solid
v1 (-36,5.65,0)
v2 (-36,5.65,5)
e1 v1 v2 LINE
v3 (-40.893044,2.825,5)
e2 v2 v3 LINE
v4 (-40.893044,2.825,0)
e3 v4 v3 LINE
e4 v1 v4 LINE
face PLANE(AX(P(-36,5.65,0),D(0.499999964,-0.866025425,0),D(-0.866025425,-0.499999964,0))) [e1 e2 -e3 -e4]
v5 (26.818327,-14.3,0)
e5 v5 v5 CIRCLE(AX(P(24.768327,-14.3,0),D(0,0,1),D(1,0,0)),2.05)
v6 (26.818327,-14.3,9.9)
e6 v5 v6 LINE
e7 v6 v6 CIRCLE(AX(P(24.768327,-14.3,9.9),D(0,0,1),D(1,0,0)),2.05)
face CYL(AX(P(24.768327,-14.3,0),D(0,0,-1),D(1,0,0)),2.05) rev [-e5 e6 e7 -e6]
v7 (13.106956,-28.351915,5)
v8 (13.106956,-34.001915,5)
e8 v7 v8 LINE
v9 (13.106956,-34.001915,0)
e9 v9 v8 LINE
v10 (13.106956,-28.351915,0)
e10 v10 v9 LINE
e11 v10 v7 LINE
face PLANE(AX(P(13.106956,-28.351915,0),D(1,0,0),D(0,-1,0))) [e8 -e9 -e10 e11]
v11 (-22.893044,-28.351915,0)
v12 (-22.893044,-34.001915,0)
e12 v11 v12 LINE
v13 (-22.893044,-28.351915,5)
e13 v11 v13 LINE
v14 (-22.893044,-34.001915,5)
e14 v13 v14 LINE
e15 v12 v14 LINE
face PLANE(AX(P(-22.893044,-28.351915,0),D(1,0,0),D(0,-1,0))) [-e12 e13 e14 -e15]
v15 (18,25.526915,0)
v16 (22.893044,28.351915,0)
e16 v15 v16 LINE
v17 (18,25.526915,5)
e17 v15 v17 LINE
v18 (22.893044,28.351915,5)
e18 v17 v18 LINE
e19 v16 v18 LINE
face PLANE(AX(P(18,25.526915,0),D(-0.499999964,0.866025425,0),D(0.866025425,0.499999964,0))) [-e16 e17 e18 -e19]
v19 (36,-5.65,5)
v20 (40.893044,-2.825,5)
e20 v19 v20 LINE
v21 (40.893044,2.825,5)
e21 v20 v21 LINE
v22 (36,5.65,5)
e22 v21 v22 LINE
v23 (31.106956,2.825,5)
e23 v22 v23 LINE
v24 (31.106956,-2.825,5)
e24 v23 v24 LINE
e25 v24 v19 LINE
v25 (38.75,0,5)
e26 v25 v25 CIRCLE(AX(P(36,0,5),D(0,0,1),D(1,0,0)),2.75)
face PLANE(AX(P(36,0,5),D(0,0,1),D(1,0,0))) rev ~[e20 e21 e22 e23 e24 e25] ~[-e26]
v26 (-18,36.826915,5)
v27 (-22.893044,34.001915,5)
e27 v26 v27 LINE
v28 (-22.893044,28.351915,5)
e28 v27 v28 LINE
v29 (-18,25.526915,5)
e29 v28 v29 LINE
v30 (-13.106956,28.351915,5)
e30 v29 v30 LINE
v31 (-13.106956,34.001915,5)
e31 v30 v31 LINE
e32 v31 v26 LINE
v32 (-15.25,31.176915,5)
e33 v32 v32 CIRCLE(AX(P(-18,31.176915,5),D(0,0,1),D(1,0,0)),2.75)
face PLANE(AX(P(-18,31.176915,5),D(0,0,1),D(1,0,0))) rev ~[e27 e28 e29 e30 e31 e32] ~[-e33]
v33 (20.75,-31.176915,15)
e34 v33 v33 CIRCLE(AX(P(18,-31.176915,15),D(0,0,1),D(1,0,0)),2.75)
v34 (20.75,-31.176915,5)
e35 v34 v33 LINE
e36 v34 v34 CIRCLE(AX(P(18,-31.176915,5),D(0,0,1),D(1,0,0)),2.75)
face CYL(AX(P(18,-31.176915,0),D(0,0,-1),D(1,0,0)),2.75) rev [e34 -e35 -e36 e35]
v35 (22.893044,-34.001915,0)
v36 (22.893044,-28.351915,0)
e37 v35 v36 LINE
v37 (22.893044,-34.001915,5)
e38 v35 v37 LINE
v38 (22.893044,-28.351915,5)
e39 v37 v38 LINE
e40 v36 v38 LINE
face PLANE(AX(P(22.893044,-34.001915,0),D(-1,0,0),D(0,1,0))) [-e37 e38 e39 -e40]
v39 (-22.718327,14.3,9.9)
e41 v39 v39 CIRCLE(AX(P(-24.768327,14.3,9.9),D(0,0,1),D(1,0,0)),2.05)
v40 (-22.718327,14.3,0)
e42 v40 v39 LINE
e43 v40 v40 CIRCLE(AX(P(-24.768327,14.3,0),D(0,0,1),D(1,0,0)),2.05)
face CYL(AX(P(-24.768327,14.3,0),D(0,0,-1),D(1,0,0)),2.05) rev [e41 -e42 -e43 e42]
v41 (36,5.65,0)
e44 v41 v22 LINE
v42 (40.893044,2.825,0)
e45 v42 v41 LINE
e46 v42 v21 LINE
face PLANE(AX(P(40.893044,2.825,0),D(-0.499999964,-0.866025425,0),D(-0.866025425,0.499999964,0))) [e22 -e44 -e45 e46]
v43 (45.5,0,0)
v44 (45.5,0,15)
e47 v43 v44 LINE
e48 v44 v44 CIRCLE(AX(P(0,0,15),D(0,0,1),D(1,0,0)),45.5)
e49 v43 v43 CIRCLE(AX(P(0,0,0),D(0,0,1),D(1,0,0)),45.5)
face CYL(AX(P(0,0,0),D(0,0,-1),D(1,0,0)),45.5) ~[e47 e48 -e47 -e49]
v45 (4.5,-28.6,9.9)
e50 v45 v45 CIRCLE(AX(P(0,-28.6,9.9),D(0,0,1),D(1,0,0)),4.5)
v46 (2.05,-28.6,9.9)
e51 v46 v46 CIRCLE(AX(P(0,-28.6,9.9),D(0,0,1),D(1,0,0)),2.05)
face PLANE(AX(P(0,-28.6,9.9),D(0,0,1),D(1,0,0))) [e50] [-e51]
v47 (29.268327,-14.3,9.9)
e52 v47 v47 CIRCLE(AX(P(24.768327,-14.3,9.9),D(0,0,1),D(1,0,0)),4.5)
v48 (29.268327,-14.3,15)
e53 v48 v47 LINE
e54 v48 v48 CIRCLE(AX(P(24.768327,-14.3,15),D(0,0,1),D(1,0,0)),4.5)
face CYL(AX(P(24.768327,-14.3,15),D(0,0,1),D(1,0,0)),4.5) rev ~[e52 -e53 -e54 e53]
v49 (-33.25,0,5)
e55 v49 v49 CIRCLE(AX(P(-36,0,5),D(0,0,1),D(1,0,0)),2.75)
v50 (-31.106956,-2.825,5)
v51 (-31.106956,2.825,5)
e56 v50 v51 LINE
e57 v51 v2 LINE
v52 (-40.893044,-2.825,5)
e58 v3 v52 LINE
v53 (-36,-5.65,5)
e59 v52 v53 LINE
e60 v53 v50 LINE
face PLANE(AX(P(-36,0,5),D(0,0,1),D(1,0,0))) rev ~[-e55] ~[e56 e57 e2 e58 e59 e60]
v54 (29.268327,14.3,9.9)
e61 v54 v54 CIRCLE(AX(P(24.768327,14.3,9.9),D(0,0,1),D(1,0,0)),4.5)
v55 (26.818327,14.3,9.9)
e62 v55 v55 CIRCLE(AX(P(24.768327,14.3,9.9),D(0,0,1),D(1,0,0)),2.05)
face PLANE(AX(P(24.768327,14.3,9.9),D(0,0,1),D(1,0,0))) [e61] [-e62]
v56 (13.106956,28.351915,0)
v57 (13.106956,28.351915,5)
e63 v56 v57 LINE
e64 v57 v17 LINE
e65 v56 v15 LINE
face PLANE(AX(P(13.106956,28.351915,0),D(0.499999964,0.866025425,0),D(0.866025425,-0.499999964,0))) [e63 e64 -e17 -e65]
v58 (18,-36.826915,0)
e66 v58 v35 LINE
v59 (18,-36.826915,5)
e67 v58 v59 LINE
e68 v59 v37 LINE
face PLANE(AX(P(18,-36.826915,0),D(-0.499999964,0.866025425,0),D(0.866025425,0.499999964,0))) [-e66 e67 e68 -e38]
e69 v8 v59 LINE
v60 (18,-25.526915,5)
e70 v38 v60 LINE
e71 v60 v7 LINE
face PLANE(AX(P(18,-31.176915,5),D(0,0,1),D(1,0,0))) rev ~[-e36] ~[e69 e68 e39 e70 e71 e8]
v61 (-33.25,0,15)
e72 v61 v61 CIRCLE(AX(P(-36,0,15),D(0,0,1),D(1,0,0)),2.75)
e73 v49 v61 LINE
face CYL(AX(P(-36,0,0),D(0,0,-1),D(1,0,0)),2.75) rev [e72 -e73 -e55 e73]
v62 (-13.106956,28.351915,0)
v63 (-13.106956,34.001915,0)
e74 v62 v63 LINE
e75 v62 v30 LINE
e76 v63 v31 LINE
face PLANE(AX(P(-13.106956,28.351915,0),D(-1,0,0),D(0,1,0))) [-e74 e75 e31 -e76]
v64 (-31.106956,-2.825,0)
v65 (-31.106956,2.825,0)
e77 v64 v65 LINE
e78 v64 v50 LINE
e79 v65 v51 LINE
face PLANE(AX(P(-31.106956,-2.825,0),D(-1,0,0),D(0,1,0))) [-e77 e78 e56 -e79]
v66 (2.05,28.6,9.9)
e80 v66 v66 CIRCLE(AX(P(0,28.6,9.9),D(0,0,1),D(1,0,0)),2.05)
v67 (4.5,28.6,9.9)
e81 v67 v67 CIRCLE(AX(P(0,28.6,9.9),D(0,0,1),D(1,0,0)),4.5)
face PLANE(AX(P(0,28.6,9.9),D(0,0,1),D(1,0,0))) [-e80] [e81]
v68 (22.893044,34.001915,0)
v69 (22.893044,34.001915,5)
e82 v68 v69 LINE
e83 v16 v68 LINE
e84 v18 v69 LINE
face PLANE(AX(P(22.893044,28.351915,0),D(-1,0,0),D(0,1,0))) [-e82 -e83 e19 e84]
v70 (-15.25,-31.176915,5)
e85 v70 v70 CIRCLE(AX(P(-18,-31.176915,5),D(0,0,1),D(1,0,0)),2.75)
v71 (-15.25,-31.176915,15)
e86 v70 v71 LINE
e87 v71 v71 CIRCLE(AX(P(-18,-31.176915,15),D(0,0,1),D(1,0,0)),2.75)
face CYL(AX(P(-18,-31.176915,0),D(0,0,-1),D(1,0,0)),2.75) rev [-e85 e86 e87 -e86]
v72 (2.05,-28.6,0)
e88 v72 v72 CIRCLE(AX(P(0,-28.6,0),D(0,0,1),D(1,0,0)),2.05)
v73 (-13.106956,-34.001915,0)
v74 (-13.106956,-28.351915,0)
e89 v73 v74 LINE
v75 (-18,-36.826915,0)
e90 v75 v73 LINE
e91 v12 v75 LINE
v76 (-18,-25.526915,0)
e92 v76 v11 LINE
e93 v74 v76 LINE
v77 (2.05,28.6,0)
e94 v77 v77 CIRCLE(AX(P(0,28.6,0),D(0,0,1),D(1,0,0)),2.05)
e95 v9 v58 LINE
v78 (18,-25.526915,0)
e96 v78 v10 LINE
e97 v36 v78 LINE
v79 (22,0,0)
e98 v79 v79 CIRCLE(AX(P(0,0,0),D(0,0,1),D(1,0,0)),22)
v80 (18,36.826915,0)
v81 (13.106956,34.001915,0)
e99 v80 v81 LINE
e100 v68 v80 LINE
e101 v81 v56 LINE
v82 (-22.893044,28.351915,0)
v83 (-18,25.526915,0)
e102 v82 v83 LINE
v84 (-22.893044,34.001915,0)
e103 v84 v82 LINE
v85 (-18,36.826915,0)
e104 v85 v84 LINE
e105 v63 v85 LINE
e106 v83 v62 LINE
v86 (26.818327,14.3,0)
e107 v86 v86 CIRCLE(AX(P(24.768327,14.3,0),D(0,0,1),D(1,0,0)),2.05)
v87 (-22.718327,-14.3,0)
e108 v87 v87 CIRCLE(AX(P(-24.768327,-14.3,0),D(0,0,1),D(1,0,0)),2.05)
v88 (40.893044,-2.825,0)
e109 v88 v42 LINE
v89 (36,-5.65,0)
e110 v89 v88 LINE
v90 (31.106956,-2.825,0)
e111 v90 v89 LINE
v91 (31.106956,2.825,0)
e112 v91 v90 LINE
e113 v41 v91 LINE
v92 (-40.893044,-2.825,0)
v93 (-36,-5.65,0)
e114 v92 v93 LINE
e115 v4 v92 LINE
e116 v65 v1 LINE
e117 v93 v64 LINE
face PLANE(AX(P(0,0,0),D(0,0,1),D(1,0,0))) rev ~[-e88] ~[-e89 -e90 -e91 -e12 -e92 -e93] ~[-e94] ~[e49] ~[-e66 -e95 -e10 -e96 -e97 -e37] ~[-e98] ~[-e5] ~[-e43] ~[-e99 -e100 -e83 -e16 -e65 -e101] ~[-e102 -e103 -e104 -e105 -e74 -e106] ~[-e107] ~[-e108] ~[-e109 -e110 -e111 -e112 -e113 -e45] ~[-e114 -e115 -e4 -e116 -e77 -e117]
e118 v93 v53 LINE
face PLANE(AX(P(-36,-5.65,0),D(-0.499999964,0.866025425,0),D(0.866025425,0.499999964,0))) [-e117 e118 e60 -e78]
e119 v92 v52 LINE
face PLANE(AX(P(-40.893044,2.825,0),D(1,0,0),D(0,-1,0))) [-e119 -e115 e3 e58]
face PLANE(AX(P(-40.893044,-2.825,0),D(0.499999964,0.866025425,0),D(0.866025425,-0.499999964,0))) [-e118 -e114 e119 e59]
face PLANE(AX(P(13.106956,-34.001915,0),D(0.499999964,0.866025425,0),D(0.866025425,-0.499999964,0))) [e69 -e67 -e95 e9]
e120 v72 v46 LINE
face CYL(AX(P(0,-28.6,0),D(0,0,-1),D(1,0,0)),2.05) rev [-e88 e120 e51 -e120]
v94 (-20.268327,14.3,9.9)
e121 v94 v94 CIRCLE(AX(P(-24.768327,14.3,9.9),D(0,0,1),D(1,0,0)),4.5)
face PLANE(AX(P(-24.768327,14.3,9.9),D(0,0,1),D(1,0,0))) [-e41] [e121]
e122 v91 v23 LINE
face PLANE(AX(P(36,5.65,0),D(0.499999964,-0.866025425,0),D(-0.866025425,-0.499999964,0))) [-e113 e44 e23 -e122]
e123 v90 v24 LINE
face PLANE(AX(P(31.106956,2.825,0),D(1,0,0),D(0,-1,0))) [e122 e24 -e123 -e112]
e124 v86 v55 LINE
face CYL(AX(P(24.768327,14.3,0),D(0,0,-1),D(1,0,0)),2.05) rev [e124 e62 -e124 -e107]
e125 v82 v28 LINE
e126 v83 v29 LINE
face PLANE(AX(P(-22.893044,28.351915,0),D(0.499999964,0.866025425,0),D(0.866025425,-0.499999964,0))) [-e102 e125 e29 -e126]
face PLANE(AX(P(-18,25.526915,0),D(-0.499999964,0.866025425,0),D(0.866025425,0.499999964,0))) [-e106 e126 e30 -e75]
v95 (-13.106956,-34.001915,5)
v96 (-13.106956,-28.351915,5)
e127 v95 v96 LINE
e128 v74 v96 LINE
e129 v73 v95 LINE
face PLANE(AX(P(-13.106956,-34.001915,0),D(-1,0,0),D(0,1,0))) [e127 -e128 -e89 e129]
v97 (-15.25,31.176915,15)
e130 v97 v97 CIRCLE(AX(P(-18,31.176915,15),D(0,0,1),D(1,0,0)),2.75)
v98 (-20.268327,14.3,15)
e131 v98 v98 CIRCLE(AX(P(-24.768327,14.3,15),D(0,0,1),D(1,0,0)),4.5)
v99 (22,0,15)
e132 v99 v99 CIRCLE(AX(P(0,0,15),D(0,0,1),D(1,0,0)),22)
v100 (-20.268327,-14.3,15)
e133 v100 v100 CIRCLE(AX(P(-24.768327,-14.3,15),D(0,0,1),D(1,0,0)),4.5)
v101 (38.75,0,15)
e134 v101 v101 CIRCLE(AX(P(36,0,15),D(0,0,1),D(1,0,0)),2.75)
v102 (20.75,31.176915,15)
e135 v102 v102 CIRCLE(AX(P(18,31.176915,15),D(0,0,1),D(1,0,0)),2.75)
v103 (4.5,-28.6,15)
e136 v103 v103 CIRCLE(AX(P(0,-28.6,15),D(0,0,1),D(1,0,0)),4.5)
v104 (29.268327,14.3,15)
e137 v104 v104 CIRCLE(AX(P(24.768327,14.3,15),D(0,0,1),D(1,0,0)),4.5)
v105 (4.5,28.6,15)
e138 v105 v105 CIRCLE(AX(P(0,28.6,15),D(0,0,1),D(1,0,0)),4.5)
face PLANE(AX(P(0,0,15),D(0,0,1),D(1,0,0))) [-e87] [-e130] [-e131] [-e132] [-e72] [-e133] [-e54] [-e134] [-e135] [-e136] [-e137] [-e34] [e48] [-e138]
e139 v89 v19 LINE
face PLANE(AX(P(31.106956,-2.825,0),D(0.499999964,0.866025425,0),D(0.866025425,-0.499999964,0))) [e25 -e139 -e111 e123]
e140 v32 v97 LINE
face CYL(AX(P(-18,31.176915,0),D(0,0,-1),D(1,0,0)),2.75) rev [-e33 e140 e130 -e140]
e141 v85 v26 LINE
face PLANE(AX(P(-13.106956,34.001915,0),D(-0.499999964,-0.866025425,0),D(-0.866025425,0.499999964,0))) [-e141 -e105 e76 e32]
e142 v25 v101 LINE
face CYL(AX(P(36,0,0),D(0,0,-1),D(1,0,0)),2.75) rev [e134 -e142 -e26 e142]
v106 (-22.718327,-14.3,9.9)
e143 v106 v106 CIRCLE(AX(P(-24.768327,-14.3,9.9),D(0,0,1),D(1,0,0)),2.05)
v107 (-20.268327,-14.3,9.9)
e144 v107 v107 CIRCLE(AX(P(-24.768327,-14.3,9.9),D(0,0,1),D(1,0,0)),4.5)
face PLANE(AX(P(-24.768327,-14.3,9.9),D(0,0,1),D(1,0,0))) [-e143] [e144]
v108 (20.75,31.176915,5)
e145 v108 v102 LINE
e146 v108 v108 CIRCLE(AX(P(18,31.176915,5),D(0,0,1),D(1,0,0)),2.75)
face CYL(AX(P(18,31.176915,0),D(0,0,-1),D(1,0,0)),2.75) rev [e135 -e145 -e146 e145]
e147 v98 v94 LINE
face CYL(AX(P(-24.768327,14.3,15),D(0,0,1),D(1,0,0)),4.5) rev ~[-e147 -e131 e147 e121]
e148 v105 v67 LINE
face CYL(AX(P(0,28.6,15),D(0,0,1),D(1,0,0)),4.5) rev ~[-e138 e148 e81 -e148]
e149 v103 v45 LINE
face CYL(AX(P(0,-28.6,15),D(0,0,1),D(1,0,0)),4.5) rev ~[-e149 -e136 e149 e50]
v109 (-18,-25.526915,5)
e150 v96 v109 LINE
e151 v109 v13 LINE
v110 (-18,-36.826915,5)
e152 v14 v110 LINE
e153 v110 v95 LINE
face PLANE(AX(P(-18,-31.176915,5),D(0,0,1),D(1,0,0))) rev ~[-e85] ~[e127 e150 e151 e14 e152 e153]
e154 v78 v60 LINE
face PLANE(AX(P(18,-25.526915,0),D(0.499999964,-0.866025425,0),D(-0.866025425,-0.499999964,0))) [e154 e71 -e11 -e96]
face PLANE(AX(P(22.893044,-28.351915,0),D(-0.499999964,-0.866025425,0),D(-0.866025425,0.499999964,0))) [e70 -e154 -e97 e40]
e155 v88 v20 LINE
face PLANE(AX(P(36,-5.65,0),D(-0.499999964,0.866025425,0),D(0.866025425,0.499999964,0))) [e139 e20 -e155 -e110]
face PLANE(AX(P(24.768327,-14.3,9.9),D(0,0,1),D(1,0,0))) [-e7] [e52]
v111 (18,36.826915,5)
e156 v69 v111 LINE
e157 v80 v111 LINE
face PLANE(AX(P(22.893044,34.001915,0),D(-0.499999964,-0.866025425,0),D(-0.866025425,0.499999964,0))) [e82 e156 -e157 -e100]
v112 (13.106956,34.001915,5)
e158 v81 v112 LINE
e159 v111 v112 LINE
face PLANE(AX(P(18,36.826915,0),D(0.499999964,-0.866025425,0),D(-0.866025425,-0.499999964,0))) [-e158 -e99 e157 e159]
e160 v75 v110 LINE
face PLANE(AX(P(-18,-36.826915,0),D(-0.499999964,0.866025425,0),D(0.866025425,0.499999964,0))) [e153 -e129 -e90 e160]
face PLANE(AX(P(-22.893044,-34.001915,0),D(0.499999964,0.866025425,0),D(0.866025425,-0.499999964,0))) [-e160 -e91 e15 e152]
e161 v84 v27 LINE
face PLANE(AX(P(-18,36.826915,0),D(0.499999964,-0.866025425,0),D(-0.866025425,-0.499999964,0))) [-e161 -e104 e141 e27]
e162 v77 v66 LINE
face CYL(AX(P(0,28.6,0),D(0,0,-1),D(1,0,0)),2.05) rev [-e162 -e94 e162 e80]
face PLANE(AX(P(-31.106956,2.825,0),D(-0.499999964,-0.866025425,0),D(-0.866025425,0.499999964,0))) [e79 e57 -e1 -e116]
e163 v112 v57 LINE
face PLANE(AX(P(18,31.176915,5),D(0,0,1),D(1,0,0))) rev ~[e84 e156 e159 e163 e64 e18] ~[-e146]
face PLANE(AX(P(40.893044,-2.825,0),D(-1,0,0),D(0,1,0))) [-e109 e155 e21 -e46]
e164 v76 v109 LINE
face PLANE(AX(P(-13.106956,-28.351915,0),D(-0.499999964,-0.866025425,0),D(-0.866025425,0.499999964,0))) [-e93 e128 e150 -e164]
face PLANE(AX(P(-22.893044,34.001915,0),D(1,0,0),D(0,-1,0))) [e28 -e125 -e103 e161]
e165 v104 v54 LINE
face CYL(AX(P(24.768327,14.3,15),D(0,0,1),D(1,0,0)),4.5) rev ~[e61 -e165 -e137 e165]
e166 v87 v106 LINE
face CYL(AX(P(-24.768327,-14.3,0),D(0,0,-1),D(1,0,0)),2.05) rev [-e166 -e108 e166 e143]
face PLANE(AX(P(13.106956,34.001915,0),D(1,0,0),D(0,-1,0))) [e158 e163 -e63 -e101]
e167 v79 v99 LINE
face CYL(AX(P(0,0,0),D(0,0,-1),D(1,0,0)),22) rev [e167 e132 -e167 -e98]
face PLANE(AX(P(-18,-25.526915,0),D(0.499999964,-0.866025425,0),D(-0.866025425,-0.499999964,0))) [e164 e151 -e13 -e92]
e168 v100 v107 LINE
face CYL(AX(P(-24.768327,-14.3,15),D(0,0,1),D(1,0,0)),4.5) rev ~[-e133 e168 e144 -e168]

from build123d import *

# Parameters (mm, degrees)
F0_R     = 45.5
F0_R_2   = 2.05
F0_R_3   = 22
F0_R_4   = 2.75
F1_DEPTH = 15
F2_R     = 4.5
F2_R_2   = 2.05
F3_DEPTH = 5.1
F4_DEPTH = 5


with BuildPart() as f1:
    # F0 (on Top) → F1 (new body)
    with BuildSketch(Plane.XY):
        Circle(F0_R)
        Polygon((-22.893044, -28.351915), (-18, -25.526915), (-13.106956, -28.351915), (-13.106956, -34.001915), (-18, -36.826915), (-22.893044, -34.001915), align=None, mode=Mode.SUBTRACT)
        with Locations((-24.768327, -14.3)):
            Circle(F0_R_2, mode=Mode.SUBTRACT)
        with Locations((0, -28.6)):
            Circle(F0_R_2, mode=Mode.SUBTRACT)
        Polygon((13.106956, -34.001915), (13.106956, -28.351915), (18, -25.526915), (22.893044, -28.351915), (22.893044, -34.001915), (18, -36.826915), align=None, mode=Mode.SUBTRACT)
        with Locations((24.768327, -14.3)):
            Circle(F0_R_2, mode=Mode.SUBTRACT)
        Polygon((-36, 5.65), (-31.106956, 2.825), (-31.106956, -2.825), (-36, -5.65), (-40.893044, -2.825), (-40.893044, 2.825), align=None, mode=Mode.SUBTRACT)
        with Locations((-24.768327, 14.3)):
            Circle(F0_R_2, mode=Mode.SUBTRACT)
        Polygon((-13.106956, 34.001915), (-13.106956, 28.351915), (-18, 25.526915), (-22.893044, 28.351915), (-22.893044, 34.001915), (-18, 36.826915), align=None, mode=Mode.SUBTRACT)
        Circle(F0_R_3, mode=Mode.SUBTRACT)
        Polygon((36, -5.65), (31.106956, -2.825), (31.106956, 2.825), (36, 5.65), (40.893044, 2.825), (40.893044, -2.825), align=None, mode=Mode.SUBTRACT)
        with Locations((24.768327, 14.3)):
            Circle(F0_R_2, mode=Mode.SUBTRACT)
        with Locations((0, 28.6)):
            Circle(F0_R_2, mode=Mode.SUBTRACT)
        Polygon((22.893044, 28.351915), (18, 25.526915), (13.106956, 28.351915), (13.106956, 34.001915), (18, 36.826915), (22.893044, 34.001915), align=None, mode=Mode.SUBTRACT)
        Polygon((-31.106956, -2.825), (-31.106956, 2.825), (-36, 5.65), (-40.893044, 2.825), (-40.893044, -2.825), (-36, -5.65), align=None)
        with Locations((-36, 0)):
            Circle(F0_R_4, mode=Mode.SUBTRACT)
        Polygon((-13.106956, -28.351915), (-18, -25.526915), (-22.893044, -28.351915), (-22.893044, -34.001915), (-18, -36.826915), (-13.106956, -34.001915), align=None)
        with Locations((-18, -31.176915)):
            Circle(F0_R_4, mode=Mode.SUBTRACT)
        Polygon((18, -25.526915), (13.106956, -28.351915), (13.106956, -34.001915), (18, -36.826915), (22.893044, -34.001915), (22.893044, -28.351915), align=None)
        with Locations((18, -31.176915)):
            Circle(F0_R_4, mode=Mode.SUBTRACT)
        Polygon((31.106956, 2.825), (31.106956, -2.825), (36, -5.65), (40.893044, -2.825), (40.893044, 2.825), (36, 5.65), align=None)
        with Locations((36, 0)):
            Circle(F0_R_4, mode=Mode.SUBTRACT)
        Polygon((13.106956, 28.351915), (18, 25.526915), (22.893044, 28.351915), (22.893044, 34.001915), (18, 36.826915), (13.106956, 34.001915), align=None)
        with Locations((18, 31.176915)):
            Circle(F0_R_4, mode=Mode.SUBTRACT)
        Polygon((-18, 25.526915), (-13.106956, 28.351915), (-13.106956, 34.001915), (-18, 36.826915), (-22.893044, 34.001915), (-22.893044, 28.351915), align=None)
        with Locations((-18, 31.176915)):
            Circle(F0_R_4, mode=Mode.SUBTRACT)
    extrude(amount=F1_DEPTH)

    # F2 (on face) → F3 (cut)
    with BuildSketch(Plane.XY.offset(15)):
        with Locations((24.768327, 14.3)):
            Circle(F2_R)
        with Locations((24.768327, 14.3)):
            Circle(F2_R_2, mode=Mode.SUBTRACT)
        with Locations((-24.768327, 14.3)):
            Circle(F2_R)
        with Locations((-24.768327, 14.3)):
            Circle(F2_R_2, mode=Mode.SUBTRACT)
        with Locations((0, 28.6)):
            Circle(F2_R)
        with Locations((0, 28.6)):
            Circle(F2_R_2, mode=Mode.SUBTRACT)
        with Locations((-24.768327, -14.3)):
            Circle(F2_R)
        with Locations((-24.768327, -14.3)):
            Circle(F2_R_2, mode=Mode.SUBTRACT)
        with Locations((0, -28.6)):
            Circle(F2_R)
        with Locations((0, -28.6)):
            Circle(F2_R_2, mode=Mode.SUBTRACT)
        with Locations((24.768327, -14.3)):
            Circle(F2_R)
        with Locations((24.768327, -14.3)):
            Circle(F2_R_2, mode=Mode.SUBTRACT)
    extrude(amount=-F3_DEPTH, mode=Mode.SUBTRACT)

    # F0 (on Top) → F4 (cut)
    with BuildSketch(Plane.XY):
        Polygon((-13.106956, -28.351915), (-18, -25.526915), (-22.893044, -28.351915), (-22.893044, -34.001915), (-18, -36.826915), (-13.106956, -34.001915), align=None)
        with Locations((-18, -31.176915)):
            Circle(F0_R_4, mode=Mode.SUBTRACT)
        Polygon((18, -25.526915), (13.106956, -28.351915), (13.106956, -34.001915), (18, -36.826915), (22.893044, -34.001915), (22.893044, -28.351915), align=None)
        with Locations((18, -31.176915)):
            Circle(F0_R_4, mode=Mode.SUBTRACT)
        Polygon((31.106956, 2.825), (31.106956, -2.825), (36, -5.65), (40.893044, -2.825), (40.893044, 2.825), (36, 5.65), align=None)
        with Locations((36, 0)):
            Circle(F0_R_4, mode=Mode.SUBTRACT)
        Polygon((13.106956, 28.351915), (18, 25.526915), (22.893044, 28.351915), (22.893044, 34.001915), (18, 36.826915), (13.106956, 34.001915), align=None)
        with Locations((18, 31.176915)):
            Circle(F0_R_4, mode=Mode.SUBTRACT)
        Polygon((-18, 25.526915), (-13.106956, 28.351915), (-13.106956, 34.001915), (-18, 36.826915), (-22.893044, 34.001915), (-22.893044, 28.351915), align=None)
        with Locations((-18, 31.176915)):
            Circle(F0_R_4, mode=Mode.SUBTRACT)
        Polygon((-31.106956, -2.825), (-31.106956, 2.825), (-36, 5.65), (-40.893044, 2.825), (-40.893044, -2.825), (-36, -5.65), align=None)
        with Locations((-36, 0)):
            Circle(F0_R_4, mode=Mode.SUBTRACT)
    extrude(amount=F4_DEPTH, mode=Mode.SUBTRACT)


solid = f1.part
